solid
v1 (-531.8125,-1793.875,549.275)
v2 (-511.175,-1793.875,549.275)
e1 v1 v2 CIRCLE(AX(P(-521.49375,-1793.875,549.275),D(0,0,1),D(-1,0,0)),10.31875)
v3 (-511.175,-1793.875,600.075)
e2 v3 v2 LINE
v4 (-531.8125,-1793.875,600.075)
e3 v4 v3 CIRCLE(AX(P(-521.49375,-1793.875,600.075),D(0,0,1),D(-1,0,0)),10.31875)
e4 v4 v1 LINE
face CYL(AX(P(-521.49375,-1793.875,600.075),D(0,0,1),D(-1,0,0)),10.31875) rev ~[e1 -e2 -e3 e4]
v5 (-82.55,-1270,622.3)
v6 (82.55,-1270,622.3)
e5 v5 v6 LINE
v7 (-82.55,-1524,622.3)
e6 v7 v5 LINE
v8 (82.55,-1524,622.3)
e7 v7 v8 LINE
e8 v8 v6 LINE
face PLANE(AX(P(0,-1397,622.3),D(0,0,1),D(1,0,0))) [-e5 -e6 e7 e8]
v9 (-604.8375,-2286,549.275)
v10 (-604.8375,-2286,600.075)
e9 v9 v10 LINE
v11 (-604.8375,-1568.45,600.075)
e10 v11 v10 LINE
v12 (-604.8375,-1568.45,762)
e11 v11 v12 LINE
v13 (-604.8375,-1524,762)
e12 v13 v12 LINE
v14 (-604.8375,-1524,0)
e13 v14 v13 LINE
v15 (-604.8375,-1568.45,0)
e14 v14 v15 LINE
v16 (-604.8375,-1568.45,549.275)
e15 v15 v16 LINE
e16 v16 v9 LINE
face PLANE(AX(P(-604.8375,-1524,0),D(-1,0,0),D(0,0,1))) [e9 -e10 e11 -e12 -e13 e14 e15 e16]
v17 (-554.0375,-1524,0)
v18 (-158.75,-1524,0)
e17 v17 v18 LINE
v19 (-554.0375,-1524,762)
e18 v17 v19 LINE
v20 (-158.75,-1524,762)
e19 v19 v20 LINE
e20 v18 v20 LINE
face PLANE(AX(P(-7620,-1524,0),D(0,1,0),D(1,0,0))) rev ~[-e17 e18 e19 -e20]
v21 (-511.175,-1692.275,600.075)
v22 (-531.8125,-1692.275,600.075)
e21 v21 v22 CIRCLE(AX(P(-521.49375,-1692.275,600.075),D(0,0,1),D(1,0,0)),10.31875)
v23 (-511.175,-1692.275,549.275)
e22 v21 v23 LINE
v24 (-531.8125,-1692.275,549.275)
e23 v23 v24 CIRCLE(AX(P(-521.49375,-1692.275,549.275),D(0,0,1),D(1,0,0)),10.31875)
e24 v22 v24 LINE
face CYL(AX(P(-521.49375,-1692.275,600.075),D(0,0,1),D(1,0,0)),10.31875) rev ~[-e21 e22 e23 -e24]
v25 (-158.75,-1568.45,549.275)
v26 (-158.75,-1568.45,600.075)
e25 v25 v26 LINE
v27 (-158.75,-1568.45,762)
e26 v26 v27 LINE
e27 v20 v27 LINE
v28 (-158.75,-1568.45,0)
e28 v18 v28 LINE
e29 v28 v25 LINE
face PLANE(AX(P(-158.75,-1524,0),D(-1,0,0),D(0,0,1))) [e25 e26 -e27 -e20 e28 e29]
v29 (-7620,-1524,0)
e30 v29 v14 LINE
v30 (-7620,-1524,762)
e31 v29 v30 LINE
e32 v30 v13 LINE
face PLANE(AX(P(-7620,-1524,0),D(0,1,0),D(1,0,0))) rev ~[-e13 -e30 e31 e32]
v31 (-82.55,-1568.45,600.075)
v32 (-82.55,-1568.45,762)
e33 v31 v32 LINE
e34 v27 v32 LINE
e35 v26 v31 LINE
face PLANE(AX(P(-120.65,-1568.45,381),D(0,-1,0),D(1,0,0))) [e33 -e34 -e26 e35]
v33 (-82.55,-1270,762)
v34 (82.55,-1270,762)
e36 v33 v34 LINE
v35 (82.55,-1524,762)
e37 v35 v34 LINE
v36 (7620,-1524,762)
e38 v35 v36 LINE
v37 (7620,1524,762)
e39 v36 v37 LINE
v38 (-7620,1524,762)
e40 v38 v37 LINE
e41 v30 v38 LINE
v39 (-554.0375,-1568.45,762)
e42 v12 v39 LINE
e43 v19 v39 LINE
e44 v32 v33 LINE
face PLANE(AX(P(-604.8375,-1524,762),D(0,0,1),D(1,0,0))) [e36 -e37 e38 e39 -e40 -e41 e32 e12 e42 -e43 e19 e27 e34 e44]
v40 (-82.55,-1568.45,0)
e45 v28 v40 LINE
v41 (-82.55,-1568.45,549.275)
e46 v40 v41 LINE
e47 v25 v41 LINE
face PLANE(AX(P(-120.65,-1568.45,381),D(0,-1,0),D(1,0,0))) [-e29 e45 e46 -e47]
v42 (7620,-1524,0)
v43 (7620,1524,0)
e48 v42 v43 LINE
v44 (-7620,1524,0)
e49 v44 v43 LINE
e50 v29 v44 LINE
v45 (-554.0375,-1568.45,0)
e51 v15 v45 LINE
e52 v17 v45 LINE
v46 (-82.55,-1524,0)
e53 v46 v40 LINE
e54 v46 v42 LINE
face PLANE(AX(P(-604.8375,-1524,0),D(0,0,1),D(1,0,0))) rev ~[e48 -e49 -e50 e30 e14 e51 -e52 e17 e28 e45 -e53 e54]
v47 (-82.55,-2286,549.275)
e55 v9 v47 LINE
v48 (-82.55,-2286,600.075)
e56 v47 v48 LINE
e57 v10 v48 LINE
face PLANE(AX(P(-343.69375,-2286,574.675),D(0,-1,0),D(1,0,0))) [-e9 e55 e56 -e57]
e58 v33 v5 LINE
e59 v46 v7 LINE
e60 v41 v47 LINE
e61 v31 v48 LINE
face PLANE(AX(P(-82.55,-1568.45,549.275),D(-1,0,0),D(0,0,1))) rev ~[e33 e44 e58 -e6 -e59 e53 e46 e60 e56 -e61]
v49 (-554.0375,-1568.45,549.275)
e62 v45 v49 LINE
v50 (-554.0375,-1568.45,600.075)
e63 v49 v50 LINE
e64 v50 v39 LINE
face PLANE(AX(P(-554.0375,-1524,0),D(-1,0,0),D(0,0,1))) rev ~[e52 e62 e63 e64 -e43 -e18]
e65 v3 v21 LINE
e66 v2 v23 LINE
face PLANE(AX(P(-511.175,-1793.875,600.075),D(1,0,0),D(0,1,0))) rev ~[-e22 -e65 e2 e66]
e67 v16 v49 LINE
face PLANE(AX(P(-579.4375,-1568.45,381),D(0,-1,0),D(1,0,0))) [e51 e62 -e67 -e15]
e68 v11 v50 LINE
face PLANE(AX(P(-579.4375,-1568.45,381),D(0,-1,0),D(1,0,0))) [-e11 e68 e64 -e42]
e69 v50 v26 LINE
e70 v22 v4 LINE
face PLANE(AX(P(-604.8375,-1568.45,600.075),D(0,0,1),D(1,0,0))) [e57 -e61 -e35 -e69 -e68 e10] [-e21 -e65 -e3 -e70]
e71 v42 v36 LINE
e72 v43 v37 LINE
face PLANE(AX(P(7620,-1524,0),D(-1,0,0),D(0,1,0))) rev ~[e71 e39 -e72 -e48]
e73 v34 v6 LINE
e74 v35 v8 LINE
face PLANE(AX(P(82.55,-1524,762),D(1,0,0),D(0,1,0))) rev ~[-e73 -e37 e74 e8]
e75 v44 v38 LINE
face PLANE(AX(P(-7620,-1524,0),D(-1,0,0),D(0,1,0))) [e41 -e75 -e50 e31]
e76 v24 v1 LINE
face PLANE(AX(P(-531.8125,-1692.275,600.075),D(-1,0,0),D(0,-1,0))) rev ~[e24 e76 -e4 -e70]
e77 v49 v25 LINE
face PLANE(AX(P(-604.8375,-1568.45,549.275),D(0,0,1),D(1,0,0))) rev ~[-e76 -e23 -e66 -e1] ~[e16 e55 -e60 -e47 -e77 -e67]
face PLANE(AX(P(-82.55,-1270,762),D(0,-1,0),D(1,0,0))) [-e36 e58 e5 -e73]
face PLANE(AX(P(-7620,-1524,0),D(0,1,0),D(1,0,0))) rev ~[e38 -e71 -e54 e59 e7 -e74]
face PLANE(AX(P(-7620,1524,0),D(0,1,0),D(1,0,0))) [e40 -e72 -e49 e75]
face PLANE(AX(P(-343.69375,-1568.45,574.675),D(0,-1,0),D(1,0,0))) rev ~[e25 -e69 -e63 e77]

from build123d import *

# Parameters (mm, degrees)
F0_W      = 15240
F0_H      = 3048
F1_DEPTH  = 762
F2_W      = 165.1
F2_H      = 254
F3_DEPTH  = 139.7
F4_W      = 76.2
F4_H      = 762
F5_DEPTH  = 44.45
F6_W      = 522.2875
F6_H      = 50.8
F7_DEPTH  = 717.55
F8_W      = 50.8
F8_H      = 762
F9_DEPTH  = 44.45
F11_DEPTH = 50.8


with BuildPart() as f1:
    # F0 (on Top) → F1 (new body)
    with BuildSketch(Plane.XY):
        Rectangle(F0_W, F0_H)
    extrude(amount=F1_DEPTH)

    # F2 (on face) → F3 (cut)
    with BuildSketch(Plane.XY.offset(762)):
        with Locations((0, -1397)):
            Rectangle(F2_W, F2_H)
    extrude(amount=-F3_DEPTH, mode=Mode.SUBTRACT)

    # F4 (on face) → F5 (join)
    with BuildSketch(Plane.XZ.offset(1524)):
        with Locations((-120.65, 381)):
            Rectangle(F4_W, F4_H)
    extrude(amount=F5_DEPTH)

    # F6 (on face) → F7 (join)
    with BuildSketch(Plane.XZ.offset(1568.45)):
        with Locations((-343.69375, 574.675)):
            Rectangle(F6_W, F6_H)
    extrude(amount=F7_DEPTH)

    # F8 (on face) → F9 (join)
    with BuildSketch(Plane.XZ.offset(1524)):
        with Locations((-579.4375, 381)):
            Rectangle(F8_W, F8_H)
    extrude(amount=F9_DEPTH)

    # F10 (on face) → F11 (cut, through all)
    with BuildSketch(Plane.XY.offset(600.075)):
        with BuildLine():
            ThreePointArc((-511.175, -1692.275), (-521.49375, -1681.95625), (-531.8125, -1692.275))
            Line((-531.8125, -1692.275), (-531.8125, -1793.875))
            ThreePointArc((-531.8125, -1793.875), (-521.49375, -1804.19375), (-511.175, -1793.875))
            Line((-511.175, -1793.875), (-511.175, -1692.275))
        make_face()
    extrude(amount=-F11_DEPTH, mode=Mode.SUBTRACT)


solid = f1.part
